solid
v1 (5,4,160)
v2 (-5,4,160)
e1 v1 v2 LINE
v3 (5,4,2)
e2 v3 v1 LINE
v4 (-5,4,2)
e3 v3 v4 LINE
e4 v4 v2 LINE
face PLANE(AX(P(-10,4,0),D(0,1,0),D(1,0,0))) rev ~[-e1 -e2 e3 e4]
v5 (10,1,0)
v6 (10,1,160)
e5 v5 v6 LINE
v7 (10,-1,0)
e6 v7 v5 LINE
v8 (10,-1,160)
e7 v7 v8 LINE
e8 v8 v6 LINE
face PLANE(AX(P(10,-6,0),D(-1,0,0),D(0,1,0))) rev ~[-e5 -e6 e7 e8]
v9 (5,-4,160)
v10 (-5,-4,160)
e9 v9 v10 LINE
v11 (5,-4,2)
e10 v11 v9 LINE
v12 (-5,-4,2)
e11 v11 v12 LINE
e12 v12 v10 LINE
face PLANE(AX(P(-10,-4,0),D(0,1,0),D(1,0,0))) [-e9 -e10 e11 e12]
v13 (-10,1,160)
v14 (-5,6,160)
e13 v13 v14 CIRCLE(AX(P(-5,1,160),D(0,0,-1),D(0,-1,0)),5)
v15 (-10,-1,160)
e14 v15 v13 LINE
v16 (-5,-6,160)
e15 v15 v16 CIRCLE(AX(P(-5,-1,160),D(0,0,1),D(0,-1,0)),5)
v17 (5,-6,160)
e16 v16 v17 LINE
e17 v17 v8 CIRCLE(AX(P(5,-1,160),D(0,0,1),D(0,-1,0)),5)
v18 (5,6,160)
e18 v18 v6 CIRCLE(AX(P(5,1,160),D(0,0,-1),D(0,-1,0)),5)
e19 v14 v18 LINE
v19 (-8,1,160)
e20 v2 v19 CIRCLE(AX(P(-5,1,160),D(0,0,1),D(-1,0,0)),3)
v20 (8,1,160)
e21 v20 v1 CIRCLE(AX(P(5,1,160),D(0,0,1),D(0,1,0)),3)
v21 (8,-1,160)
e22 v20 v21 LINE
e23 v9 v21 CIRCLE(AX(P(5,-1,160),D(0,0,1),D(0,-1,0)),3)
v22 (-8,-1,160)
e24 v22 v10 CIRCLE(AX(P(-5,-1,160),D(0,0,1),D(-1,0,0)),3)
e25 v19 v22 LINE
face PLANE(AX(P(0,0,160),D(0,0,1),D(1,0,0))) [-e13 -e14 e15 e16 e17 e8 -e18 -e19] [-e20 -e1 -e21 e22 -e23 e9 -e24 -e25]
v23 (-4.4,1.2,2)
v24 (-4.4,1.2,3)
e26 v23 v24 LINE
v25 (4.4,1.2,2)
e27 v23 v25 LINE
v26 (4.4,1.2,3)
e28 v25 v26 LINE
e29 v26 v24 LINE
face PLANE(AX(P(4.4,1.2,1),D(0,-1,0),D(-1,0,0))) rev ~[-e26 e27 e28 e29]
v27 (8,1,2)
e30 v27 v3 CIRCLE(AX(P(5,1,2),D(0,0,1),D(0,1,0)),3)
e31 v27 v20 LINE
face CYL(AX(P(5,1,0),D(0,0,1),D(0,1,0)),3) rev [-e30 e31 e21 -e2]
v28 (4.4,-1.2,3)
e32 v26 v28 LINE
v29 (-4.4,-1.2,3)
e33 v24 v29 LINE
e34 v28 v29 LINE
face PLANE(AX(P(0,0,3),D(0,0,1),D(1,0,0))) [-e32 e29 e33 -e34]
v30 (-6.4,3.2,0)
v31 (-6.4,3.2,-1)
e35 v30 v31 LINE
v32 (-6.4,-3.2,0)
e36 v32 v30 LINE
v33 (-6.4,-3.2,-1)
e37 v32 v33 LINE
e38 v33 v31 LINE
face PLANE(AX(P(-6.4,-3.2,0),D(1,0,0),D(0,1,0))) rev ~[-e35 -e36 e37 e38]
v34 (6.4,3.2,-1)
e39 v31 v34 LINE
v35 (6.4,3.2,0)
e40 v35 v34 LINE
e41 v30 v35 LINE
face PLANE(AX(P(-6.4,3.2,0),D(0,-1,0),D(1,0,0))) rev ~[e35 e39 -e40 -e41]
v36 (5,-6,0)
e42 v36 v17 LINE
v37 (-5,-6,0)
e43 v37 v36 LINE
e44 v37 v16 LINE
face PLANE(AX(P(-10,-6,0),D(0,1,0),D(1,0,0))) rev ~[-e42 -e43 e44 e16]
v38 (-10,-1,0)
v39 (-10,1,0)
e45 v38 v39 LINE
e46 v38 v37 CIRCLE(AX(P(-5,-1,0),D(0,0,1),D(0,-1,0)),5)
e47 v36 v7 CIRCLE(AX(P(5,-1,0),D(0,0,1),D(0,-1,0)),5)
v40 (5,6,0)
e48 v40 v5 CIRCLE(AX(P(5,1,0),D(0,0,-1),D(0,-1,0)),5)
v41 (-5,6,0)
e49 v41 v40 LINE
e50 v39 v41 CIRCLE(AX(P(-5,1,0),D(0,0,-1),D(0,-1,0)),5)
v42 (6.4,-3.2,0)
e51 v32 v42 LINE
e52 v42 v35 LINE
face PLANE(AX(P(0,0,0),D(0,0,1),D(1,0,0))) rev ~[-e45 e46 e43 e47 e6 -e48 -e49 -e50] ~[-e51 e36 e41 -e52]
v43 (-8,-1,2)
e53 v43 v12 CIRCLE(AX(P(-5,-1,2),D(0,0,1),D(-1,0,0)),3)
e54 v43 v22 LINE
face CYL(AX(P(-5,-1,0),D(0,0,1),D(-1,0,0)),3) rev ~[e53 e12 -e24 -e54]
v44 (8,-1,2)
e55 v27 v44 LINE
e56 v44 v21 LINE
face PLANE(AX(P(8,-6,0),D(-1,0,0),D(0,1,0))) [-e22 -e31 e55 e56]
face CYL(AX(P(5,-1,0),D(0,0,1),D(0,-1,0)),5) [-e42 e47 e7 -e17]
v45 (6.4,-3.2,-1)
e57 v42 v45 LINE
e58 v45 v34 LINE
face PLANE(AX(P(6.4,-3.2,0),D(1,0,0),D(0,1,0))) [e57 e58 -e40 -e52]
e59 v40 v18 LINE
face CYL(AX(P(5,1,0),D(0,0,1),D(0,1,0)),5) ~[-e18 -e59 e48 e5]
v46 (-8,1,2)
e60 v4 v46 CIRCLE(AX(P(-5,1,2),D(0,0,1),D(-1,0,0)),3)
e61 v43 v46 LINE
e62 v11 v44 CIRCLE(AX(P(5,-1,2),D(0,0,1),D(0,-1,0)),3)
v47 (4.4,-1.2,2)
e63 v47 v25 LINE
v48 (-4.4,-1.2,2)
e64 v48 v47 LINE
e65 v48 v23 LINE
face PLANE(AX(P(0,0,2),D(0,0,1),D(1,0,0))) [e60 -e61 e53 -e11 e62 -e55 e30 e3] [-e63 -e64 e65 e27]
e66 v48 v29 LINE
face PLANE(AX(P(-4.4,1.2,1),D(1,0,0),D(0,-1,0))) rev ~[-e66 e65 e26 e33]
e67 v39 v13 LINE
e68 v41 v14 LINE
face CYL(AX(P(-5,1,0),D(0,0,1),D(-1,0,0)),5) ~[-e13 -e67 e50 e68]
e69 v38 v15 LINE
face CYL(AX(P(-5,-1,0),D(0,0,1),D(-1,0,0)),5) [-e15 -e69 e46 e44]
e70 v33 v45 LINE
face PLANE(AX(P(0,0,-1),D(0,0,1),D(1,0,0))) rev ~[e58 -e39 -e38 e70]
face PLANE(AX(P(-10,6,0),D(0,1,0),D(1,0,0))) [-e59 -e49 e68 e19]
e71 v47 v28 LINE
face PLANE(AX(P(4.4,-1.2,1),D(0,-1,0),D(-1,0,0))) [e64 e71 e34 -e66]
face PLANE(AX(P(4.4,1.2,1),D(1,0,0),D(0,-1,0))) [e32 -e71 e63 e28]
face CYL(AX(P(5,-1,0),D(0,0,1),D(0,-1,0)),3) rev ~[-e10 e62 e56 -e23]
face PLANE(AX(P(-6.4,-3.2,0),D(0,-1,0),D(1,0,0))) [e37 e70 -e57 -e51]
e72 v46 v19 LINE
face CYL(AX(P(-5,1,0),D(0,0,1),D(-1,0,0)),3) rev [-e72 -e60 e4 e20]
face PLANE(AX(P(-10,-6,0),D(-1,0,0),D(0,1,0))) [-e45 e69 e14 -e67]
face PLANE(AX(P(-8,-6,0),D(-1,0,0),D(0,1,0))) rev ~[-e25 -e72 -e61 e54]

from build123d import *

# Parameters (mm, degrees)
F0_W     = 12.8
F0_H     = 6.4
F1_DEPTH = 1
F0_W_2   = 20
F0_H_2   = 12
F2_DEPTH = 160
F3_R     = 5
F4_T     = -2
F5_DEPTH = 2


with BuildPart() as f1:
    # F0 (on Top) → F1 (new body)
    with BuildSketch(Plane.XY):
        Rectangle(F0_W, F0_H)
    extrude(amount=-F1_DEPTH)

    # F0 (on Top) → F2 (join)
    with BuildSketch(Plane.XY):
        Rectangle(F0_W_2, F0_H_2)
        Rectangle(F0_W, F0_H, mode=Mode.SUBTRACT)
        Rectangle(F0_W, F0_H)
    extrude(amount=F2_DEPTH)

    # F3
    f3_edges = [f1.edges().sort_by_distance(p)[0] for p in [
        (-10, -6, 80),
        (10, -6, 80),
        (10, 6, 80),
        (-10, 6, 80),
    ]]
    fillet(f3_edges, radius=F3_R)

    # F4
    f4_openings = [f1.faces().sort_by_distance(p)[0] for p in [
        (0, 0, 160),
    ]]
    offset(amount=F4_T, openings=f4_openings, kind=Kind.INTERSECTION)

    # F5 (add): a face of the model
    f5_faces = [f1.faces().sort_by_distance(p)[0] for p in [
        (0, 0, 1),
    ]]
    extrude(f5_faces, amount=F5_DEPTH)


solid = f1.part
